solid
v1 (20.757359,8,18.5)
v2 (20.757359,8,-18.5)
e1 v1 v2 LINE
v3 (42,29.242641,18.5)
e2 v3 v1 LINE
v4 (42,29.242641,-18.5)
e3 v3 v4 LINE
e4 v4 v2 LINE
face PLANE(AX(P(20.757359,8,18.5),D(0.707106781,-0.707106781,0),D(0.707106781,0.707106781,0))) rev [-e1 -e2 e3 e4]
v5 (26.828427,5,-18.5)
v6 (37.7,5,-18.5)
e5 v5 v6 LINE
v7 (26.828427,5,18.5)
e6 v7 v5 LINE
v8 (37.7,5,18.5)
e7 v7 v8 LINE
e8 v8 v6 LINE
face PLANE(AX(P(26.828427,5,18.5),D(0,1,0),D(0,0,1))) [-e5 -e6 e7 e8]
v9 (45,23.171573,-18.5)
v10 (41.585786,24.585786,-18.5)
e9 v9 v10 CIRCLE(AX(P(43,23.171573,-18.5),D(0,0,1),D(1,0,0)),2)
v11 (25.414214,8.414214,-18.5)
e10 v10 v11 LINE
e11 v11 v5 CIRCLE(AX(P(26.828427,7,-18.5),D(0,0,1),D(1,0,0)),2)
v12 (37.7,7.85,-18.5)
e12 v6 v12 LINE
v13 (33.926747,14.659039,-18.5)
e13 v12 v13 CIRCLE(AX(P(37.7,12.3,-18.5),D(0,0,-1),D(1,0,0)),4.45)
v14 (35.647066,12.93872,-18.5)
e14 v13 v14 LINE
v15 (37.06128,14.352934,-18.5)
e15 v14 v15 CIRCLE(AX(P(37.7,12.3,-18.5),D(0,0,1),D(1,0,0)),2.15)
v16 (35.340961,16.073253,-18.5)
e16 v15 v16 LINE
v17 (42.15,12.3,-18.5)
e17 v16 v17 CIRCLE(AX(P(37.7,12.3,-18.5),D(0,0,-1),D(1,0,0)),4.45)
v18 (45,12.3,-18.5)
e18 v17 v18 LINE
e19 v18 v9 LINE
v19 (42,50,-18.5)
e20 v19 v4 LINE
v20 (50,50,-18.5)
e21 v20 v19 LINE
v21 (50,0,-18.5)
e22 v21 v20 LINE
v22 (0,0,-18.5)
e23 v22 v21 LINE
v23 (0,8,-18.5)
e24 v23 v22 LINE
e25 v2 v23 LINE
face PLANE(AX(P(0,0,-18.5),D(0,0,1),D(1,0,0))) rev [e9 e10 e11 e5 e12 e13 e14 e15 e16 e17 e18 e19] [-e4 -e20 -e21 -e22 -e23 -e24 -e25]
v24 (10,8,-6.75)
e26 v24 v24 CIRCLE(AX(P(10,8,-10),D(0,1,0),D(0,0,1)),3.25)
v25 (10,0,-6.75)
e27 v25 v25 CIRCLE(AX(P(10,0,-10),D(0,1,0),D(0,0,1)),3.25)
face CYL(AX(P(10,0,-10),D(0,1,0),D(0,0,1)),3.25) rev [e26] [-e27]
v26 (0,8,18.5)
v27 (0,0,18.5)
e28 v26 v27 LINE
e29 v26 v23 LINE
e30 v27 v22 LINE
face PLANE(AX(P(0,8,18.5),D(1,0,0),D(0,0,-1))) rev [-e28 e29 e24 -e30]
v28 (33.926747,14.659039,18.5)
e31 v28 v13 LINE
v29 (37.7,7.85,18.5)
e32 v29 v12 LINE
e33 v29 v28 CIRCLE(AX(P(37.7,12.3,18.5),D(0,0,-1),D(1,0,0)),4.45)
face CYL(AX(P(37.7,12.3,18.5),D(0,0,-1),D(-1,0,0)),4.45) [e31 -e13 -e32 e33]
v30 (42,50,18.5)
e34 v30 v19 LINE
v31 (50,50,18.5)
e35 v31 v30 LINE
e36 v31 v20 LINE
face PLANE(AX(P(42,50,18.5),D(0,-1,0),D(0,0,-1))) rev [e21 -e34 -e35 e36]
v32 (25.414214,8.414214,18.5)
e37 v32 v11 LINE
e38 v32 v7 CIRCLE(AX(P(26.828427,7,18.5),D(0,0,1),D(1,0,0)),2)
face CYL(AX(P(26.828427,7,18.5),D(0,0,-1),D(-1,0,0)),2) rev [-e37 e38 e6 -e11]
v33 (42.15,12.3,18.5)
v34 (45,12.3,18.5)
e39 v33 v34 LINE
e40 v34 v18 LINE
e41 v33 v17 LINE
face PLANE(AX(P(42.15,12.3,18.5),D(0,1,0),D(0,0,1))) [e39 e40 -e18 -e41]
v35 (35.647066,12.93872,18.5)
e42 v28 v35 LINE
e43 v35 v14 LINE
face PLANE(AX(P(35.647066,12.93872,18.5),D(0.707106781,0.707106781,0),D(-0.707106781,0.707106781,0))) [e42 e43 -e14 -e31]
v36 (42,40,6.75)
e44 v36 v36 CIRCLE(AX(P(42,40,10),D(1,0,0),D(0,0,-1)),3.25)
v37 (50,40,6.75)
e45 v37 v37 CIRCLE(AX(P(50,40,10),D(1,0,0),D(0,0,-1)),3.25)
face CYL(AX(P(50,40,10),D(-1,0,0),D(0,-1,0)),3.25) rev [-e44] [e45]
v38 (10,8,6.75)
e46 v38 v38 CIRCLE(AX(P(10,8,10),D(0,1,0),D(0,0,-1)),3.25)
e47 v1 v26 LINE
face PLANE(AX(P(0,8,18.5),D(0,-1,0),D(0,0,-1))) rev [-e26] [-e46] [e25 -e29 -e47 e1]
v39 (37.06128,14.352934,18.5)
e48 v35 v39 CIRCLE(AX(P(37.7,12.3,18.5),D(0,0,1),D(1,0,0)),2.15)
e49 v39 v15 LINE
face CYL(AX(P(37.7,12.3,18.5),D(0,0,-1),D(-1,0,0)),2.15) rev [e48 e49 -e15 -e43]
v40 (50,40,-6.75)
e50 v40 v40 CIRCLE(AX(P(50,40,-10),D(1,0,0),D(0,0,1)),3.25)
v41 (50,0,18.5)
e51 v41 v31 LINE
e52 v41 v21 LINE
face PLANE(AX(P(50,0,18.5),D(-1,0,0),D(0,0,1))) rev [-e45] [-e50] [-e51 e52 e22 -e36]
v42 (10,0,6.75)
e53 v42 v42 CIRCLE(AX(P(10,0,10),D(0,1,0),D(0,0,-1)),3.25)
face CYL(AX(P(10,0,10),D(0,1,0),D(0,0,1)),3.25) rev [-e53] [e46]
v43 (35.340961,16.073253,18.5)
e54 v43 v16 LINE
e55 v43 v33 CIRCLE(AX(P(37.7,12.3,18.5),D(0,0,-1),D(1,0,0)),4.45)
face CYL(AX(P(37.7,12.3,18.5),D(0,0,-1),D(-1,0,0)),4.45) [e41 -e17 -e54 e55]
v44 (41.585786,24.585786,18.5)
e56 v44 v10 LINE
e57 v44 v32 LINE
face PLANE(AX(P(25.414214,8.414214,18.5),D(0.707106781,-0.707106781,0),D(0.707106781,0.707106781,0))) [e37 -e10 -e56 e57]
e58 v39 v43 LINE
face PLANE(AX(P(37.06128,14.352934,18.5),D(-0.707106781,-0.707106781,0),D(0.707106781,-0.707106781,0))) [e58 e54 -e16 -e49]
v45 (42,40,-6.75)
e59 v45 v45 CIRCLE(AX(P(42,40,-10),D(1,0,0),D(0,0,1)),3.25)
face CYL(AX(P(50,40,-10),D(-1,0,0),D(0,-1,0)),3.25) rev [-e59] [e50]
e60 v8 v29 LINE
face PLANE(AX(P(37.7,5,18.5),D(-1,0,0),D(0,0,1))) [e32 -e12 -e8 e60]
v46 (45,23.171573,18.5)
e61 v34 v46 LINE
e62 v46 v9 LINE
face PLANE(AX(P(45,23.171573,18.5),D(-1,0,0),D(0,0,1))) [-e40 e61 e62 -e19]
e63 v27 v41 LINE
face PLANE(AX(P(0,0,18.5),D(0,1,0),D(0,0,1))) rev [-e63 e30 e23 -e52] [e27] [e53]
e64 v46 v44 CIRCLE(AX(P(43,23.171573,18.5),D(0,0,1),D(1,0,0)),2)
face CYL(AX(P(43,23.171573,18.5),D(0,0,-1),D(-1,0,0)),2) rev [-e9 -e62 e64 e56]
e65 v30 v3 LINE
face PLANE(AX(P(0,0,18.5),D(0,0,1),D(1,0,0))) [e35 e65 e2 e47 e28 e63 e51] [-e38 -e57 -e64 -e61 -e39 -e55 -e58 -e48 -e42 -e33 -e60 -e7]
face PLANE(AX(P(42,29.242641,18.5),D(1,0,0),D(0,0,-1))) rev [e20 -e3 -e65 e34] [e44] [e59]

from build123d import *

# Parameters (mm, degrees)
EXTRUDE_1_DEPTH     = 18.5
SKETCH_3_R          = 3.25
CUT_EXTRUDE_1_DEPTH = 68.869359802


with BuildPart() as part:
    # 草图1 → 凸台-拉伸1 (new, symmetric)
    with BuildSketch(Plane.XY):
        Polygon((0, 0), (50, 0), (50, 50), (42, 50), (42, 29.242640687), (20.757359313, 8), (0, 8), align=None)
        with BuildLine():
            Line((37.061279898, 14.352933665), (35.340960992, 16.07325257))
            ThreePointArc((35.340960992, 16.07325257), (39.856939547, 16.192314452), (42.15, 12.3))
            Line((42.15, 12.3), (45, 12.3))
            Line((45, 12.3), (45, 23.171572875))
            ThreePointArc((45, 23.171572875), (43.765366865, 25.01933194), (41.585786438, 24.585786438))
            Line((41.585786438, 24.585786438), (25.414213562, 8.414213562))
            ThreePointArc((25.414213562, 8.414213562), (24.98066806, 6.234633135), (26.828427125, 5))
            Line((26.828427125, 5), (37.7, 5))
            Line((37.7, 5), (37.7, 7.85))
            ThreePointArc((37.7, 7.85), (33.807685548, 10.143060453), (33.92674743, 14.659039008))
            Line((33.92674743, 14.659039008), (35.647066335, 12.938720102))
            ThreePointArc((35.647066335, 12.938720102), (39.22027958, 10.77972042), (37.061279898, 14.352933665))
        make_face(mode=Mode.SUBTRACT)
    extrude(amount=EXTRUDE_1_DEPTH, both=True)

    # 草图3 → 切除-拉伸1 (cut, through all)
    with BuildSketch(Plane(origin=(0, 8, 0), x_dir=(1, 0, 0), z_dir=(0, 1, 0))):
        with Locations(Location((10, 10, 0), (0, 0, 270))):
            Circle(SKETCH_3_R)
        with Locations(Location((10, -10, 0), (0, 0, 90))):
            Circle(SKETCH_3_R)
    cut_extrude_1 = extrude(amount=-CUT_EXTRUDE_1_DEPTH, mode=Mode.SUBTRACT)

    # 镜向1: 切除-拉伸1 across plane
    add(cut_extrude_1.mirror(Plane(origin=(25, 25, 0), x_dir=(0, 0, 1), z_dir=(-0.7071067811865486, -0.7071067811865465, 0))), mode=Mode.SUBTRACT)


solid = part.part
